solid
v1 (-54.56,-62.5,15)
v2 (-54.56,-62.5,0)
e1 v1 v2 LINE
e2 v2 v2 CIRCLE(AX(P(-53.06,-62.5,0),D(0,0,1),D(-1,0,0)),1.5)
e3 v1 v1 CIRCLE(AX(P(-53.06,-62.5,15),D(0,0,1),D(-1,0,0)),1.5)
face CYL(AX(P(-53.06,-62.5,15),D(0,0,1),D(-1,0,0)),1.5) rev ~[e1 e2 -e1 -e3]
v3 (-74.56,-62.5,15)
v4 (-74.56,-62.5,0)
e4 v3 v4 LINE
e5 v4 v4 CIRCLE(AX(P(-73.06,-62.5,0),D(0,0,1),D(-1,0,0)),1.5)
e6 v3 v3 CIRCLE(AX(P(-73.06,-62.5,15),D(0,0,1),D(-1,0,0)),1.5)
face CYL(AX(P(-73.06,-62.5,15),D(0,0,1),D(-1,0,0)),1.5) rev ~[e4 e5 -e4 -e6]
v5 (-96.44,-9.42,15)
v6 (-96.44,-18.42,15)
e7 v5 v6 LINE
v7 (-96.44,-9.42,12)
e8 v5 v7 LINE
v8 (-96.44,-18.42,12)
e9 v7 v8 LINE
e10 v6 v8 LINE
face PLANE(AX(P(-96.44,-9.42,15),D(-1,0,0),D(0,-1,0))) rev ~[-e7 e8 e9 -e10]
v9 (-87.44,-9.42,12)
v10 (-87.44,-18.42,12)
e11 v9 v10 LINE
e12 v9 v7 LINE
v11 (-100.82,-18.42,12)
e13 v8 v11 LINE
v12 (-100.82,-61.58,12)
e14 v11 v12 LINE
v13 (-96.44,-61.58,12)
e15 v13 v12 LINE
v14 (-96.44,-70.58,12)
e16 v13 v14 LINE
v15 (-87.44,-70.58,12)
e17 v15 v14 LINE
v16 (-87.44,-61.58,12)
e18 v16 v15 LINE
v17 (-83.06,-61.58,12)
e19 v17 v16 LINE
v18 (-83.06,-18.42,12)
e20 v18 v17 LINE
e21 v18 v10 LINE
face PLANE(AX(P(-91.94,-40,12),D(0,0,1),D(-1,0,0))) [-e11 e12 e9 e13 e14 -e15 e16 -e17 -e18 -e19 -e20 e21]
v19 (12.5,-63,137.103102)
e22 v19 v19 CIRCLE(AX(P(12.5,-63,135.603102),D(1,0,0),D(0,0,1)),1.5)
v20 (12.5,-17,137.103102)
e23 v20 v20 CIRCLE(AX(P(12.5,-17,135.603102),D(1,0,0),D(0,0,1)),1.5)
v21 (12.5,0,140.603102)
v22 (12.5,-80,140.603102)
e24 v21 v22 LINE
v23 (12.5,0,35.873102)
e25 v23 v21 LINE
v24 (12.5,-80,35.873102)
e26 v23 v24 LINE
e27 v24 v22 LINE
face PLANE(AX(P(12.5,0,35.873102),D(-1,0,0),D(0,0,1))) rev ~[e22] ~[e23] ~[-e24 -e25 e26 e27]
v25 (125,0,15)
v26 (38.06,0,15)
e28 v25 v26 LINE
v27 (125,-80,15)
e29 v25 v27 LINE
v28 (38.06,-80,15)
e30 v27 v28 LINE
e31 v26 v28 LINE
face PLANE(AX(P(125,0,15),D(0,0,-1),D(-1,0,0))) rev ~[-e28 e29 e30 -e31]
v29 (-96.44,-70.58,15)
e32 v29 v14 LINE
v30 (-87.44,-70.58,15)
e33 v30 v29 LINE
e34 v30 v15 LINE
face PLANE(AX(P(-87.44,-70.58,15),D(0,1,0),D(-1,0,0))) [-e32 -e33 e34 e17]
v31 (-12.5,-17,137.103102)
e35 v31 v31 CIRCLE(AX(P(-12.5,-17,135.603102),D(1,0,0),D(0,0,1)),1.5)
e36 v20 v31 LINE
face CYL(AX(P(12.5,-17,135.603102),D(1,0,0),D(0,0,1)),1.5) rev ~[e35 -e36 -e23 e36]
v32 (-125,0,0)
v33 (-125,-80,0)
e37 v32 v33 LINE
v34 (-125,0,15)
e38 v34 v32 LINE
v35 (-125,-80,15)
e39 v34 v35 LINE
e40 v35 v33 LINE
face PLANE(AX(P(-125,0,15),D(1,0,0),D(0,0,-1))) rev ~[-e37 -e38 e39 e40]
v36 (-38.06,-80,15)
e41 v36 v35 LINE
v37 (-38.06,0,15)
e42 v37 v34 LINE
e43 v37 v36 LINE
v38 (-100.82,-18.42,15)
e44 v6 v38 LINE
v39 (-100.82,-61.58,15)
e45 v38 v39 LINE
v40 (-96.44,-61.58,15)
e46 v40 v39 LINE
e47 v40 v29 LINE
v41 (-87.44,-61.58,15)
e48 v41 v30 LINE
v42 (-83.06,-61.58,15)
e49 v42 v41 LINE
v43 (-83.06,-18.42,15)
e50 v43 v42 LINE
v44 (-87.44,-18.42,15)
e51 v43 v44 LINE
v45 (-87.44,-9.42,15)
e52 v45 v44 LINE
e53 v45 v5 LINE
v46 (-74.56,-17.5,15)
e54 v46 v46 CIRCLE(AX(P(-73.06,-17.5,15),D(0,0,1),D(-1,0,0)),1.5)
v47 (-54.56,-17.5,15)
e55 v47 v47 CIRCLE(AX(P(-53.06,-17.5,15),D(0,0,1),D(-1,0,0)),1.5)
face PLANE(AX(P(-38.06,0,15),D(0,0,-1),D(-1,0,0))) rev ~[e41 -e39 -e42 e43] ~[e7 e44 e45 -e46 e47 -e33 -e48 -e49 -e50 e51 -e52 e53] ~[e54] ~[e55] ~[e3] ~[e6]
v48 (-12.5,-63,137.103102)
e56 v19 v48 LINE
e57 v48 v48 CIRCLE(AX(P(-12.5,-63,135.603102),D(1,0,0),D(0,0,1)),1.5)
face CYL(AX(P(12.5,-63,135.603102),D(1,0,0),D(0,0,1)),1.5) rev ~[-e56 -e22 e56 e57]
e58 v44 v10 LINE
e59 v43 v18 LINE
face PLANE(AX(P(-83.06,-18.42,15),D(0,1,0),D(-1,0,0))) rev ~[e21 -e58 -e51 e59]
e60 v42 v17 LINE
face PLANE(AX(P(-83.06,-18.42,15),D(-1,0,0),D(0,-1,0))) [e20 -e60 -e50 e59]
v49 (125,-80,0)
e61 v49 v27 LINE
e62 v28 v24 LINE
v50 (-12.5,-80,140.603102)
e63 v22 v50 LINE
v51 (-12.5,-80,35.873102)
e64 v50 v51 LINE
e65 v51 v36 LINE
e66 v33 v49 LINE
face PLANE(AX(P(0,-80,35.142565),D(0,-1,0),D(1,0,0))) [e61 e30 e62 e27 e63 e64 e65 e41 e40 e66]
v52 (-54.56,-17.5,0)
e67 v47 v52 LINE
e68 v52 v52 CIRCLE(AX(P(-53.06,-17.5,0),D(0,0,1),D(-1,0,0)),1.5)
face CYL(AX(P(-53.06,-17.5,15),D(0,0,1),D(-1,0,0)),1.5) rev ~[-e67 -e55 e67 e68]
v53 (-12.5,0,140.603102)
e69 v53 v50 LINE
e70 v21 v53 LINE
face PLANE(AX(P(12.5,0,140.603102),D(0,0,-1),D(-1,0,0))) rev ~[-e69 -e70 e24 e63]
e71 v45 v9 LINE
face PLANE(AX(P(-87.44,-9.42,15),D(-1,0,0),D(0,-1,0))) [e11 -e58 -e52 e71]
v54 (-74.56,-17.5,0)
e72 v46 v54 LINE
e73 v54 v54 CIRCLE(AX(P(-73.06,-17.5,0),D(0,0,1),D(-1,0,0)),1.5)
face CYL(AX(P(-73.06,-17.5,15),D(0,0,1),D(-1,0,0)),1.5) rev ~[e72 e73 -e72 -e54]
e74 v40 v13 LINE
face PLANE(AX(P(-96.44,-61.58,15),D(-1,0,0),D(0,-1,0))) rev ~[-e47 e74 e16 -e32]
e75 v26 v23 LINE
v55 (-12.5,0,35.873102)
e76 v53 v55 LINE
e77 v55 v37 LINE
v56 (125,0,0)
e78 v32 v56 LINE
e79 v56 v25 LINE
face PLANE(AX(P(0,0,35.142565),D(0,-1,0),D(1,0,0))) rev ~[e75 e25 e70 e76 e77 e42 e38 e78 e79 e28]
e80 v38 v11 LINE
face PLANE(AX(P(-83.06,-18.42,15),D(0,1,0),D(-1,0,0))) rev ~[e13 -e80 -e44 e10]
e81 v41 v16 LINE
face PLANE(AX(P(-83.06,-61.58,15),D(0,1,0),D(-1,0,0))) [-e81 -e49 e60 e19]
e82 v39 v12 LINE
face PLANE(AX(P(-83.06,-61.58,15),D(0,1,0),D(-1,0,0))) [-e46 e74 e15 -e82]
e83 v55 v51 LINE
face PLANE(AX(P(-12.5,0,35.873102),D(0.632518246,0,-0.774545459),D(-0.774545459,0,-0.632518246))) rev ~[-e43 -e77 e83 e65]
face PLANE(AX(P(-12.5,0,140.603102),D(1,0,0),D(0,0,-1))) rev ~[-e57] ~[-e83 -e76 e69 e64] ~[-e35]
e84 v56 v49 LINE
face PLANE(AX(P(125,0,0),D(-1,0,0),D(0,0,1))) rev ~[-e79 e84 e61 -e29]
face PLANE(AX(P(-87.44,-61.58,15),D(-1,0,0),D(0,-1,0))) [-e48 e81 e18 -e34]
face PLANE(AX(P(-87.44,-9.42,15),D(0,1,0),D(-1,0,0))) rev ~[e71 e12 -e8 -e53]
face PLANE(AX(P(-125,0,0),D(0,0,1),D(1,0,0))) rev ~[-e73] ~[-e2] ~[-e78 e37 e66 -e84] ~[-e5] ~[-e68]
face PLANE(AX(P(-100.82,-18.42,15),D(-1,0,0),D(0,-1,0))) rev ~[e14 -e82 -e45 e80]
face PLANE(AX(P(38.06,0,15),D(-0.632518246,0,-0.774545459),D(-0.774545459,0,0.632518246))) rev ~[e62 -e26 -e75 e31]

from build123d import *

# Parameters (mm, degrees)
PAD_DEPTH       = 80
SKETCH001_R     = 1.5
HOLE_DEPTH      = 25
HOLE_TIPS_R     = 1.5
SKETCH002_R     = 1.5
HOLE001_DEPTH   = 25
SKETCH003_W     = 17.76
SKETCH003_H     = 43.16
POCKET_DEPTH    = 3
SKETCH004_W     = 9
SKETCH004_H     = 9
POCKET001_DEPTH = 3


with BuildPart() as part:
    # Sketch → Pad (new body)
    with BuildSketch(Plane.XZ):
        Polygon((-125, 0), (125, 0), (125, 15), (38.06, 15), (12.5, 35.873102), (12.5, 140.603102), (-12.5, 140.603102), (-12.5, 35.873102), (-38.06, 15), (-125, 15), align=None)
    extrude(amount=PAD_DEPTH)

    # Sketch001 (on Face5 of Pad) → Hole (cut)
    with BuildSketch(Plane(origin=(12.5, 0, 0), x_dir=(0, 0, 1), z_dir=(1, 0, 0))):
        with Locations((135.603102, 63)):
            Circle(SKETCH001_R)
        with Locations((135.603102, 17)):
            Circle(SKETCH001_R)
    extrude(amount=-HOLE_DEPTH, mode=Mode.SUBTRACT)

    # Hole tips → Hole tip 1 section 0
    with BuildSketch(Plane(origin=(-12.5, 0, 0), x_dir=(0, 0, 1), z_dir=(1, 0, 0)), mode=Mode.PRIVATE) as hole_tip_1_s0:
        with Locations((135.603102, 63)):
            Circle(HOLE_TIPS_R)
    loft([hole_tip_1_s0.sketch, Vertex(-13.401291, -63, 135.603102)], mode=Mode.SUBTRACT)

    # Hole tips → Hole tip 2 section 0
    with BuildSketch(Plane(origin=(-12.5, 0, 0), x_dir=(0, 0, 1), z_dir=(1, 0, 0)), mode=Mode.PRIVATE) as hole_tip_2_s0:
        with Locations((135.603102, 17)):
            Circle(HOLE_TIPS_R)
    loft([hole_tip_2_s0.sketch, Vertex(-13.401291, -17, 135.603102)], mode=Mode.SUBTRACT)

    # Sketch002 (on Face7 of Hole) → Hole001 (cut)
    with BuildSketch(Plane(origin=(0, 0, 15), x_dir=(-1, 0, 0), z_dir=(0, 0, 1))):
        with Locations((53.06, 62.5)):
            Circle(SKETCH002_R)
        with Locations((73.06, 62.5)):
            Circle(SKETCH002_R)
        with Locations((53.06, 17.5)):
            Circle(SKETCH002_R)
        with Locations((73.06, 17.5)):
            Circle(SKETCH002_R)
    extrude(amount=-HOLE001_DEPTH, mode=Mode.SUBTRACT)

    # Sketch003 (on Face10 of Hole001) → Pocket (cut)
    with BuildSketch(Plane(origin=(0, 0, 15), x_dir=(-1, 0, 0), z_dir=(0, 0, 1))):
        with Locations((91.94, 40)):
            Rectangle(SKETCH003_W, SKETCH003_H)
    extrude(amount=-POCKET_DEPTH, mode=Mode.SUBTRACT)

    # Sketch004 (on Face10 of Pocket) → Pocket001 (cut)
    with BuildSketch(Plane(origin=(0, 0, 15), x_dir=(-1, 0, 0), z_dir=(0, 0, 1))):
        with Locations((91.94, 66.08)):
            Rectangle(SKETCH004_W, SKETCH004_H)
        with Locations((91.94, 13.92)):
            Rectangle(SKETCH004_W, SKETCH004_H)
    extrude(amount=-POCKET001_DEPTH, mode=Mode.SUBTRACT)


solid = part.part
